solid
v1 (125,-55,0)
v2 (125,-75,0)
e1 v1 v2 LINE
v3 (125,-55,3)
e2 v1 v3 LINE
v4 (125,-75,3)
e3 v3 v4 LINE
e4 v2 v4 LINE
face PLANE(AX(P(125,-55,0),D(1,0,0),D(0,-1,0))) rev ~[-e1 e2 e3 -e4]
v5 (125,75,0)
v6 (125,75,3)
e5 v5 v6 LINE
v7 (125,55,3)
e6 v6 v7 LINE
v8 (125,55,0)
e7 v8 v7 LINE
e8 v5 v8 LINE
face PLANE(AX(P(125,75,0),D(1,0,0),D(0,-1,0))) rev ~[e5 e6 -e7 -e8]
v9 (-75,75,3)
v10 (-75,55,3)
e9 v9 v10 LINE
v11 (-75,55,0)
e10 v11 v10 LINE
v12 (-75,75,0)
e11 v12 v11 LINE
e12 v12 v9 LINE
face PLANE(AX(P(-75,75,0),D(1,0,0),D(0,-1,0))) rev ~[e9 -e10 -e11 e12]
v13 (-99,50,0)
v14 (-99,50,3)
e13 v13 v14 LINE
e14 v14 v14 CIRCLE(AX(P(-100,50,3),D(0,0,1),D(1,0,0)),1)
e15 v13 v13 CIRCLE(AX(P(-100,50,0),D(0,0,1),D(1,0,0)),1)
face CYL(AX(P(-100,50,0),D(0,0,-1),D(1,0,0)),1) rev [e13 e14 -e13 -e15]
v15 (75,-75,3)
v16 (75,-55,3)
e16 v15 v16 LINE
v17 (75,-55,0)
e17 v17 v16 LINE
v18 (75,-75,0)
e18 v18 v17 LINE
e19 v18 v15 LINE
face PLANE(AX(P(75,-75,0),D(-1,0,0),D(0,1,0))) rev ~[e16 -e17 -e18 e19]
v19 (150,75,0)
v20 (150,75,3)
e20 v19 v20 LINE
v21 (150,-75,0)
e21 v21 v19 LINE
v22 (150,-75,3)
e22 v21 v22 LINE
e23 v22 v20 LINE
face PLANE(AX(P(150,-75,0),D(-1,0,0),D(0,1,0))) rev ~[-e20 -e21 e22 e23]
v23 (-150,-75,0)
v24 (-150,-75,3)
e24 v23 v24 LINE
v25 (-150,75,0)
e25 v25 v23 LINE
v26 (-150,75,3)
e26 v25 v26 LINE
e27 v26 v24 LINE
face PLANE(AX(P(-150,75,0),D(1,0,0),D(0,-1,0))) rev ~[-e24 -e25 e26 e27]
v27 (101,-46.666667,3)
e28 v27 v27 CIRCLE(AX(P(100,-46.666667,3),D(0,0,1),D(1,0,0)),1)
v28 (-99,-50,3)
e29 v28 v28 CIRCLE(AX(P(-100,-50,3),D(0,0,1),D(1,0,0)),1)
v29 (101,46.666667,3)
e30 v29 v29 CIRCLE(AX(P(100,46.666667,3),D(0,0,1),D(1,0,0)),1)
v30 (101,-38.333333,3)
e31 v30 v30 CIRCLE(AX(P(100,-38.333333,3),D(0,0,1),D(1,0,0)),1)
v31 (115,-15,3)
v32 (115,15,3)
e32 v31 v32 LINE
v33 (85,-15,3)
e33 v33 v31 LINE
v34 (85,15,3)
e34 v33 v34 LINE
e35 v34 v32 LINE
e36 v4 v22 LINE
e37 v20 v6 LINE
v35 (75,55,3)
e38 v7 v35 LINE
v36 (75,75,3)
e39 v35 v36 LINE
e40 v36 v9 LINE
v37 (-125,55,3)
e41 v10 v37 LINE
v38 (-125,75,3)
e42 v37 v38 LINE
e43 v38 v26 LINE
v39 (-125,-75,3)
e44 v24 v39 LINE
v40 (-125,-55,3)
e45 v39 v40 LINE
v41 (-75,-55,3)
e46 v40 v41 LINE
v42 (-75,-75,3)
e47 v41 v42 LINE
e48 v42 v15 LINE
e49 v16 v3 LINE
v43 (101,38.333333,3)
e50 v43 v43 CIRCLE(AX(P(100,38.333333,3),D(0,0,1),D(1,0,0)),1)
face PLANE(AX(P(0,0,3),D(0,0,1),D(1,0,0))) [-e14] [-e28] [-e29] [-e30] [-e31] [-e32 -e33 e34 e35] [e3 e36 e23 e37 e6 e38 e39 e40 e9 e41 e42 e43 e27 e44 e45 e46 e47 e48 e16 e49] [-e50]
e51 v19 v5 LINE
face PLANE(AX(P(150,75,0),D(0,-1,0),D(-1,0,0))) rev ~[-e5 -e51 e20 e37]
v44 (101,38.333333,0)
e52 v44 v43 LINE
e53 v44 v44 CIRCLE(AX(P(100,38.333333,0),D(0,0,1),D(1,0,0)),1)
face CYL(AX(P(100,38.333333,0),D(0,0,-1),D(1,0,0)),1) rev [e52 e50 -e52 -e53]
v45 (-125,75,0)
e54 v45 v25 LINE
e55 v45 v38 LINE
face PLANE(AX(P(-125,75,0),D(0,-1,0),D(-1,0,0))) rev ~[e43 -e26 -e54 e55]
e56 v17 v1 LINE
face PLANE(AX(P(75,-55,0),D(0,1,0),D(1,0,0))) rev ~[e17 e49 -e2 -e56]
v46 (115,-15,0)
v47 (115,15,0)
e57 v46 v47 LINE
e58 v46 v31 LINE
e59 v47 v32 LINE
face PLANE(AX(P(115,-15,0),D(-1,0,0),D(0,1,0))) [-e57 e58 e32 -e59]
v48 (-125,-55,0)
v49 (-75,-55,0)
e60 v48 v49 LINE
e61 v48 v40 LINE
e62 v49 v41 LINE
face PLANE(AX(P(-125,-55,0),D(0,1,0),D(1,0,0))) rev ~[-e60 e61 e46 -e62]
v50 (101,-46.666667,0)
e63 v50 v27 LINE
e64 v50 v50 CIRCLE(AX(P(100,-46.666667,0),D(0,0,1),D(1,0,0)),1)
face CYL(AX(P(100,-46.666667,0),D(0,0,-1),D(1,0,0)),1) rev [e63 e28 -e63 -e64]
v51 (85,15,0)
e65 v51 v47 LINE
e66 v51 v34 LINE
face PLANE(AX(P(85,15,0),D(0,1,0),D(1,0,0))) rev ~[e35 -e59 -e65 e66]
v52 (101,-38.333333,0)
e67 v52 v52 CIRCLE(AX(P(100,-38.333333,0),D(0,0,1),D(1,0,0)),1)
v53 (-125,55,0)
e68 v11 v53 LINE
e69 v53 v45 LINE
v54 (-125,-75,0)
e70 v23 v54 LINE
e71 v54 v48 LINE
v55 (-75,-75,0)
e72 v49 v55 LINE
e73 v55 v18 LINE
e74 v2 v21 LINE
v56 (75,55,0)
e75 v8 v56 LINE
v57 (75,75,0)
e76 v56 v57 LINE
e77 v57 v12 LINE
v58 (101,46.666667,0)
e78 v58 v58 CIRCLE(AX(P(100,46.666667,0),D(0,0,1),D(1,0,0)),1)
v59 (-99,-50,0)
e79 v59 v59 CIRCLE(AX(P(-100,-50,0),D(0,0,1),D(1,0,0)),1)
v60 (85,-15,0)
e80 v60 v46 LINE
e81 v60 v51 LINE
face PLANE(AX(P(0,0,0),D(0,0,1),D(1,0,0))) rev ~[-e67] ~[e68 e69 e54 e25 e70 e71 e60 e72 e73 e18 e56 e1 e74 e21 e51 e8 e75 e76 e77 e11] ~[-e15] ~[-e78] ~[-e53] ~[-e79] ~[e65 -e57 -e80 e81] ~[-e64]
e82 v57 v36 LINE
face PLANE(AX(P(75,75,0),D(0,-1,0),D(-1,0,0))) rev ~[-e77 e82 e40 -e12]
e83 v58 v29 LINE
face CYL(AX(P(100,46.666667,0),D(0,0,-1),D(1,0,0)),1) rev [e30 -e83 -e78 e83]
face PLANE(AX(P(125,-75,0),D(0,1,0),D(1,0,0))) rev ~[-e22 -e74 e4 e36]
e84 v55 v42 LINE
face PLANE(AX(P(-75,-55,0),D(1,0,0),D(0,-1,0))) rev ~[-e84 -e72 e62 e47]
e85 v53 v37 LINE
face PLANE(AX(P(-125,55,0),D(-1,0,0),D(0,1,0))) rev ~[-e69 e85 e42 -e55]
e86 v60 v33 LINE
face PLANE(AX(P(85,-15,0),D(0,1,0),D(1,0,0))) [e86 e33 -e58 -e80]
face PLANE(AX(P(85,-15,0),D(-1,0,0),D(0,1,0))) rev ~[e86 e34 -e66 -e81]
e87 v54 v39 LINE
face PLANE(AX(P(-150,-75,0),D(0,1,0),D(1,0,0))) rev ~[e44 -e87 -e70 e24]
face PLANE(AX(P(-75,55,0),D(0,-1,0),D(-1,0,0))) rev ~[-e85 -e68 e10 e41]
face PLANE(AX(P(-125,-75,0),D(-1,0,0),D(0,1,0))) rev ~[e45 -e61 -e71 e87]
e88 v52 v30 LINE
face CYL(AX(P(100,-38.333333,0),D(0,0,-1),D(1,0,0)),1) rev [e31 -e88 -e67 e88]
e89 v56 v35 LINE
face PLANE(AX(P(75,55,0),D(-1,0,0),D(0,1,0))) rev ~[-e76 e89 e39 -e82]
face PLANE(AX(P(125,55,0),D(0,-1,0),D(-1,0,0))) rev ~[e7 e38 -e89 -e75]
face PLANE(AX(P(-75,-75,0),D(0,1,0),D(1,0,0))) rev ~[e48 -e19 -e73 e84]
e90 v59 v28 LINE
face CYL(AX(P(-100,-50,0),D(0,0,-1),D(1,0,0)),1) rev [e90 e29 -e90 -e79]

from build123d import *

# Parameters (mm, degrees)
F0_R     = 1
F0_W     = 30
F0_H     = 30
F1_DEPTH = 3


with BuildPart() as f1:
    # F0 (on Top) → F1 (new body)
    with BuildSketch(Plane.XY):
        Polygon((-125, 75), (-150, 75), (-150, -75), (-125, -75), (-125, -55), (-75, -55), (-75, -75), (75, -75), (75, -55), (125, -55), (125, -75), (150, -75), (150, 75), (125, 75), (125, 55), (75, 55), (75, 75), (-75, 75), (-75, 55), (-125, 55), align=None)
        with Locations((-100, -50)):
            Circle(F0_R, mode=Mode.SUBTRACT)
        with Locations((100, -46.666667)):
            Circle(F0_R, mode=Mode.SUBTRACT)
        with Locations((100, -38.333333)):
            Circle(F0_R, mode=Mode.SUBTRACT)
        with Locations((-100, 50)):
            Circle(F0_R, mode=Mode.SUBTRACT)
        with Locations((100, 0)):
            Rectangle(F0_W, F0_H, mode=Mode.SUBTRACT)
        with Locations((100, 38.333333)):
            Circle(F0_R, mode=Mode.SUBTRACT)
        with Locations((100, 46.666667)):
            Circle(F0_R, mode=Mode.SUBTRACT)
    extrude(amount=F1_DEPTH)


solid = f1.part
